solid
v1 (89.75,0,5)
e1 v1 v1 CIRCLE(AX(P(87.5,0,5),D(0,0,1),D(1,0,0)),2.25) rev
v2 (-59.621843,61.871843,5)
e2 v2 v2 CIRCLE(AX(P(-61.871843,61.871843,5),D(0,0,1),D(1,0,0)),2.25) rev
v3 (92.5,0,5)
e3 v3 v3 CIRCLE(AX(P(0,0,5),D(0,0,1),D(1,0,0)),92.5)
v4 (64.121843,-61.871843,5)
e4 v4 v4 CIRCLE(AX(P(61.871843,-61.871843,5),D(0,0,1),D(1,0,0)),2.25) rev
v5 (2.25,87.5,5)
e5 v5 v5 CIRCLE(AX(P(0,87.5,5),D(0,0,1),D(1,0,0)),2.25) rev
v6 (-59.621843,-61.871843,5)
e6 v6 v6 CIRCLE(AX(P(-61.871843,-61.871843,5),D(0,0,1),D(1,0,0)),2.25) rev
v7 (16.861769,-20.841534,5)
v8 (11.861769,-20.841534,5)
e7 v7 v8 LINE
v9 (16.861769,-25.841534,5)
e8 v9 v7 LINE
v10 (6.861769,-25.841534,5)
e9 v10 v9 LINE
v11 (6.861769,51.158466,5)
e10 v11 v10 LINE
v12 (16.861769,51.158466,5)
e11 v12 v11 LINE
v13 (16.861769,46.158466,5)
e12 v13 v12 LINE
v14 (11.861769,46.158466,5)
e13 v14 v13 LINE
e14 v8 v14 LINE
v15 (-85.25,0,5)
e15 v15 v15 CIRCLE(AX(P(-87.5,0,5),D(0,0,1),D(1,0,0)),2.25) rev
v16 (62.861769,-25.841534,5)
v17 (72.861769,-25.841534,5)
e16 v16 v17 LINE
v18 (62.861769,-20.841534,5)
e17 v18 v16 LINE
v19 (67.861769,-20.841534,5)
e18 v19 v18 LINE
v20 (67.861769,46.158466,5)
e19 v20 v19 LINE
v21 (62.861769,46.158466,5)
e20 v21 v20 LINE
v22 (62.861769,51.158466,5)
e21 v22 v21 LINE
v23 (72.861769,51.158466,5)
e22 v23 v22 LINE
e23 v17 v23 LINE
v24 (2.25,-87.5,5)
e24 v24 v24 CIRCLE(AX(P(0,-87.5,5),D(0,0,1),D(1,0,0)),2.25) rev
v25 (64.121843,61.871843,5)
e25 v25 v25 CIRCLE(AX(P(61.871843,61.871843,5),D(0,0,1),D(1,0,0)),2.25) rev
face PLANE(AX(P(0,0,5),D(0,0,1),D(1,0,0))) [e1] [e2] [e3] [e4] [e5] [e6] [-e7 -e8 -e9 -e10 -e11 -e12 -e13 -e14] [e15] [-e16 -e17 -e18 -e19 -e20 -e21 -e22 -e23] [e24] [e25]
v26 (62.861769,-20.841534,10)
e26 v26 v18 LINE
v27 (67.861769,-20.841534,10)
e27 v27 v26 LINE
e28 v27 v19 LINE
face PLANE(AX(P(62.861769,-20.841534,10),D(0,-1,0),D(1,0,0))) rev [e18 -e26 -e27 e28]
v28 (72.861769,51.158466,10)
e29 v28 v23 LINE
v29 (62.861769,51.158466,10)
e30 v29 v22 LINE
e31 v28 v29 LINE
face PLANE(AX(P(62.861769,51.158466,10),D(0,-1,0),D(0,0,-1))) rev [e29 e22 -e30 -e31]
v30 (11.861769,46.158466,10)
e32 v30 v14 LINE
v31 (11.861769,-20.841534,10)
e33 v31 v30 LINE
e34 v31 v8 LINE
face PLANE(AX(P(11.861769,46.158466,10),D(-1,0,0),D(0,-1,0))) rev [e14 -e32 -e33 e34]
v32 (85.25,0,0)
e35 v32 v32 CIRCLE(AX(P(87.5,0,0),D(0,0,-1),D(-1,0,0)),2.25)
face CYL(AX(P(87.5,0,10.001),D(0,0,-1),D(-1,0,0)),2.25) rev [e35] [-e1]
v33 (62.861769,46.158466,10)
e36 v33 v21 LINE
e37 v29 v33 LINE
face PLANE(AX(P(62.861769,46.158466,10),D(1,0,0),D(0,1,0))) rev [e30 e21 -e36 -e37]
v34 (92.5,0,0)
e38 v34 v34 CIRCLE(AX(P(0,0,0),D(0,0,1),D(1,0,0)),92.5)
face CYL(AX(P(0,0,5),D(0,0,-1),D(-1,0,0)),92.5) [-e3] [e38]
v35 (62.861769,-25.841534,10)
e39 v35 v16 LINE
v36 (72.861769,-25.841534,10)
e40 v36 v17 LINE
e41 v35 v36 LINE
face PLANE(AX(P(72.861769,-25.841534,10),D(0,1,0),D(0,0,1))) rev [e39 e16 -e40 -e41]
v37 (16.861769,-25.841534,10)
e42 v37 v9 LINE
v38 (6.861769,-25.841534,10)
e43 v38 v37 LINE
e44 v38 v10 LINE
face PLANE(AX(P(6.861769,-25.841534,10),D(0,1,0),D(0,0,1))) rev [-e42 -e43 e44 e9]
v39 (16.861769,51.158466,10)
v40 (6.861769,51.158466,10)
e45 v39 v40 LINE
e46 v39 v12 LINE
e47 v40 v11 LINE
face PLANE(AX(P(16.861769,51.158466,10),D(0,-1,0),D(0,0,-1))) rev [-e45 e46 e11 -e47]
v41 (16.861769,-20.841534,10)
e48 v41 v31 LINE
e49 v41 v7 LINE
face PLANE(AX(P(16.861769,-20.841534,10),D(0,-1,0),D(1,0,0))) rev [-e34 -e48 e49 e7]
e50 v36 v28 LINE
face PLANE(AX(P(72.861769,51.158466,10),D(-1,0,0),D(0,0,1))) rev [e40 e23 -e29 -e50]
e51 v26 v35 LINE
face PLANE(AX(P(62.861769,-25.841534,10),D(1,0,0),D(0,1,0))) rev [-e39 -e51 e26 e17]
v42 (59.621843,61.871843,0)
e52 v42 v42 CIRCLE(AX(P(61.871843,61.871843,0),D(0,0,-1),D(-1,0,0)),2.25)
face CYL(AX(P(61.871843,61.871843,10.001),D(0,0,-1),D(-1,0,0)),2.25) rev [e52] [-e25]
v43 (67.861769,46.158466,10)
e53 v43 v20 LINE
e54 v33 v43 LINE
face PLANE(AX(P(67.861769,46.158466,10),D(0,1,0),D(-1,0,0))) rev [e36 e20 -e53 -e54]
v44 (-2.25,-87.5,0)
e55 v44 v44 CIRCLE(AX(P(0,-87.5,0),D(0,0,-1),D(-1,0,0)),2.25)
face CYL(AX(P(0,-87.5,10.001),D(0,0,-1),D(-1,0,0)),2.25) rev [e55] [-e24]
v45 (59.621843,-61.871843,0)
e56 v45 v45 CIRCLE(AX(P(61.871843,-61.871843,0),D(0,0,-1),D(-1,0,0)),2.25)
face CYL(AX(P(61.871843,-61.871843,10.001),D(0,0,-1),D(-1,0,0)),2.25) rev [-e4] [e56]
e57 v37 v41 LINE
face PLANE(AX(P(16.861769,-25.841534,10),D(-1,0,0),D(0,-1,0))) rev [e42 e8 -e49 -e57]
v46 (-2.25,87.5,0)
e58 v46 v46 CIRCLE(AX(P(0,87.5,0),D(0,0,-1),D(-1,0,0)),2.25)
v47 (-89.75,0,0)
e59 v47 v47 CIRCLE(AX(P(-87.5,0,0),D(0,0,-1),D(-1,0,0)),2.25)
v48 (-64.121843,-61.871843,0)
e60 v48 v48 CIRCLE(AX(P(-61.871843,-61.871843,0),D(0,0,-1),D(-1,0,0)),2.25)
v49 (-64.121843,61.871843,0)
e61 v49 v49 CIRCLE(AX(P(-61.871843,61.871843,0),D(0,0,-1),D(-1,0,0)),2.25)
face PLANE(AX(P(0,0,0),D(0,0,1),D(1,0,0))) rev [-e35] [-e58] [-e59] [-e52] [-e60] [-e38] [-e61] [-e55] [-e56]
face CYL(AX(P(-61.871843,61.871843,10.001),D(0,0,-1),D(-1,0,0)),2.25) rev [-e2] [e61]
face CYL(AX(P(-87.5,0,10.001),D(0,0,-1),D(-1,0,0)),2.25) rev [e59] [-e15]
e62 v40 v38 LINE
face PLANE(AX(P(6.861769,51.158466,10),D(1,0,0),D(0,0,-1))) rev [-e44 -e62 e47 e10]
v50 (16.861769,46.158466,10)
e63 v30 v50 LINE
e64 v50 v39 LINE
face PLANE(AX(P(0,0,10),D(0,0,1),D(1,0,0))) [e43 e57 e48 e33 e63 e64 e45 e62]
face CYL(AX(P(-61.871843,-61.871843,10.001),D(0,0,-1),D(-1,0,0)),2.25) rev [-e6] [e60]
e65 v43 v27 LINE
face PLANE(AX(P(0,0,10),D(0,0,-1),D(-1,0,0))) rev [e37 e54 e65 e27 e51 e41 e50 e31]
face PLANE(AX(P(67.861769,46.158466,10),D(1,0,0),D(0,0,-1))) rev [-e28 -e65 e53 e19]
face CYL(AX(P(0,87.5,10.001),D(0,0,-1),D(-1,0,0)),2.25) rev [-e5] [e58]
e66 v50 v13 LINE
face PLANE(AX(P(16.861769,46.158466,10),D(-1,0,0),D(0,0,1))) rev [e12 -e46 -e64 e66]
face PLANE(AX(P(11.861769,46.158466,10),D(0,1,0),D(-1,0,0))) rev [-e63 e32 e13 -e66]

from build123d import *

# Parameters (mm, degrees)
SKETCH1_R           = 92.5
BOSS_EXTRUDE1_DEPTH = 5
BOSS_EXTRUDE2_DEPTH = 5
CUT_EXTRUDE4_REACH  = 12
SKETCH13_R          = 2.25


with BuildPart() as part:
    # Sketch1 → Boss-Extrude1 (new body)
    with BuildSketch(Plane.XY):
        Circle(SKETCH1_R)
    extrude(amount=BOSS_EXTRUDE1_DEPTH)

    # Sketch12 → Boss-Extrude2 (add)
    with BuildSketch(Plane.XY.offset(5)):
        Polygon((62.861769108, -20.84153395), (67.861769108, -20.84153395), (67.861769108, 46.15846605), (62.861769108, 46.15846605), (62.861769108, 51.15846605), (72.861769108, 51.15846605), (72.861769108, -25.84153395), (62.861769108, -25.84153395), align=None)
        Polygon((11.861769105, 46.15846605), (11.861769105, -20.84153395), (16.861769105, -20.84153395), (16.861769105, -25.84153395), (6.861769105, -25.84153395), (6.861769105, 51.15846605), (16.861769105, 51.15846605), (16.861769105, 46.15846605), align=None)
    extrude(amount=BOSS_EXTRUDE2_DEPTH)

    # Sketch13 → Cut-Extrude4 (cut, up to next)
    with BuildSketch(Plane(origin=(0, 0, 0), x_dir=(-1, 0, 0), z_dir=(0, 0, -1)), mode=Mode.PRIVATE) as cut_extrude4_sk1:
        with Locations((-87.5, 0)):
            Circle(SKETCH13_R)
    cut_extrude4_tool1 = extrude(cut_extrude4_sk1.sketch, amount=-CUT_EXTRUDE4_REACH, mode=Mode.PRIVATE) & part.part
    add(cut_extrude4_tool1.solids().sort_by_distance((87.5, 0, 0))[0], mode=Mode.SUBTRACT)
    # Sketch13 → Cut-Extrude4 (cut, up to next)
    with BuildSketch(Plane(origin=(0, 0, 0), x_dir=(-1, 0, 0), z_dir=(0, 0, -1)), mode=Mode.PRIVATE) as cut_extrude4_sk2:
        with Locations((-61.871843354, 61.871843354)):
            Circle(SKETCH13_R)
    cut_extrude4_tool2 = extrude(cut_extrude4_sk2.sketch, amount=-CUT_EXTRUDE4_REACH, mode=Mode.PRIVATE) & part.part
    add(cut_extrude4_tool2.solids().sort_by_distance((61.871843, 61.871843, 0))[0], mode=Mode.SUBTRACT)
    # Sketch13 → Cut-Extrude4 (cut, up to next)
    with BuildSketch(Plane(origin=(0, 0, 0), x_dir=(-1, 0, 0), z_dir=(0, 0, -1)), mode=Mode.PRIVATE) as cut_extrude4_sk3:
        with Locations((0, 87.5)):
            Circle(SKETCH13_R)
    cut_extrude4_tool3 = extrude(cut_extrude4_sk3.sketch, amount=-CUT_EXTRUDE4_REACH, mode=Mode.PRIVATE) & part.part
    add(cut_extrude4_tool3.solids().sort_by_distance((0, 87.5, 0))[0], mode=Mode.SUBTRACT)
    # Sketch13 → Cut-Extrude4 (cut, up to next)
    with BuildSketch(Plane(origin=(0, 0, 0), x_dir=(-1, 0, 0), z_dir=(0, 0, -1)), mode=Mode.PRIVATE) as cut_extrude4_sk4:
        with Locations((61.871843354, 61.871843354)):
            Circle(SKETCH13_R)
    cut_extrude4_tool4 = extrude(cut_extrude4_sk4.sketch, amount=-CUT_EXTRUDE4_REACH, mode=Mode.PRIVATE) & part.part
    add(cut_extrude4_tool4.solids().sort_by_distance((-61.871843, 61.871843, 0))[0], mode=Mode.SUBTRACT)
    # Sketch13 → Cut-Extrude4 (cut, up to next)
    with BuildSketch(Plane(origin=(0, 0, 0), x_dir=(-1, 0, 0), z_dir=(0, 0, -1)), mode=Mode.PRIVATE) as cut_extrude4_sk5:
        with Locations((87.5, 0)):
            Circle(SKETCH13_R)
    cut_extrude4_tool5 = extrude(cut_extrude4_sk5.sketch, amount=-CUT_EXTRUDE4_REACH, mode=Mode.PRIVATE) & part.part
    add(cut_extrude4_tool5.solids().sort_by_distance((-87.5, 0, 0))[0], mode=Mode.SUBTRACT)
    # Sketch13 → Cut-Extrude4 (cut, up to next)
    with BuildSketch(Plane(origin=(0, 0, 0), x_dir=(-1, 0, 0), z_dir=(0, 0, -1)), mode=Mode.PRIVATE) as cut_extrude4_sk6:
        with Locations((61.871843354, -61.871843354)):
            Circle(SKETCH13_R)
    cut_extrude4_tool6 = extrude(cut_extrude4_sk6.sketch, amount=-CUT_EXTRUDE4_REACH, mode=Mode.PRIVATE) & part.part
    add(cut_extrude4_tool6.solids().sort_by_distance((-61.871843, -61.871843, 0))[0], mode=Mode.SUBTRACT)
    # Sketch13 → Cut-Extrude4 (cut, up to next)
    with BuildSketch(Plane(origin=(0, 0, 0), x_dir=(-1, 0, 0), z_dir=(0, 0, -1)), mode=Mode.PRIVATE) as cut_extrude4_sk7:
        with Locations((0, -87.5)):
            Circle(SKETCH13_R)
    cut_extrude4_tool7 = extrude(cut_extrude4_sk7.sketch, amount=-CUT_EXTRUDE4_REACH, mode=Mode.PRIVATE) & part.part
    add(cut_extrude4_tool7.solids().sort_by_distance((0, -87.5, 0))[0], mode=Mode.SUBTRACT)
    # Sketch13 → Cut-Extrude4 (cut, up to next)
    with BuildSketch(Plane(origin=(0, 0, 0), x_dir=(-1, 0, 0), z_dir=(0, 0, -1)), mode=Mode.PRIVATE) as cut_extrude4_sk8:
        with Locations((-61.871843354, -61.871843354)):
            Circle(SKETCH13_R)
    cut_extrude4_tool8 = extrude(cut_extrude4_sk8.sketch, amount=-CUT_EXTRUDE4_REACH, mode=Mode.PRIVATE) & part.part
    add(cut_extrude4_tool8.solids().sort_by_distance((61.871843, -61.871843, 0))[0], mode=Mode.SUBTRACT)


solid = part.part
